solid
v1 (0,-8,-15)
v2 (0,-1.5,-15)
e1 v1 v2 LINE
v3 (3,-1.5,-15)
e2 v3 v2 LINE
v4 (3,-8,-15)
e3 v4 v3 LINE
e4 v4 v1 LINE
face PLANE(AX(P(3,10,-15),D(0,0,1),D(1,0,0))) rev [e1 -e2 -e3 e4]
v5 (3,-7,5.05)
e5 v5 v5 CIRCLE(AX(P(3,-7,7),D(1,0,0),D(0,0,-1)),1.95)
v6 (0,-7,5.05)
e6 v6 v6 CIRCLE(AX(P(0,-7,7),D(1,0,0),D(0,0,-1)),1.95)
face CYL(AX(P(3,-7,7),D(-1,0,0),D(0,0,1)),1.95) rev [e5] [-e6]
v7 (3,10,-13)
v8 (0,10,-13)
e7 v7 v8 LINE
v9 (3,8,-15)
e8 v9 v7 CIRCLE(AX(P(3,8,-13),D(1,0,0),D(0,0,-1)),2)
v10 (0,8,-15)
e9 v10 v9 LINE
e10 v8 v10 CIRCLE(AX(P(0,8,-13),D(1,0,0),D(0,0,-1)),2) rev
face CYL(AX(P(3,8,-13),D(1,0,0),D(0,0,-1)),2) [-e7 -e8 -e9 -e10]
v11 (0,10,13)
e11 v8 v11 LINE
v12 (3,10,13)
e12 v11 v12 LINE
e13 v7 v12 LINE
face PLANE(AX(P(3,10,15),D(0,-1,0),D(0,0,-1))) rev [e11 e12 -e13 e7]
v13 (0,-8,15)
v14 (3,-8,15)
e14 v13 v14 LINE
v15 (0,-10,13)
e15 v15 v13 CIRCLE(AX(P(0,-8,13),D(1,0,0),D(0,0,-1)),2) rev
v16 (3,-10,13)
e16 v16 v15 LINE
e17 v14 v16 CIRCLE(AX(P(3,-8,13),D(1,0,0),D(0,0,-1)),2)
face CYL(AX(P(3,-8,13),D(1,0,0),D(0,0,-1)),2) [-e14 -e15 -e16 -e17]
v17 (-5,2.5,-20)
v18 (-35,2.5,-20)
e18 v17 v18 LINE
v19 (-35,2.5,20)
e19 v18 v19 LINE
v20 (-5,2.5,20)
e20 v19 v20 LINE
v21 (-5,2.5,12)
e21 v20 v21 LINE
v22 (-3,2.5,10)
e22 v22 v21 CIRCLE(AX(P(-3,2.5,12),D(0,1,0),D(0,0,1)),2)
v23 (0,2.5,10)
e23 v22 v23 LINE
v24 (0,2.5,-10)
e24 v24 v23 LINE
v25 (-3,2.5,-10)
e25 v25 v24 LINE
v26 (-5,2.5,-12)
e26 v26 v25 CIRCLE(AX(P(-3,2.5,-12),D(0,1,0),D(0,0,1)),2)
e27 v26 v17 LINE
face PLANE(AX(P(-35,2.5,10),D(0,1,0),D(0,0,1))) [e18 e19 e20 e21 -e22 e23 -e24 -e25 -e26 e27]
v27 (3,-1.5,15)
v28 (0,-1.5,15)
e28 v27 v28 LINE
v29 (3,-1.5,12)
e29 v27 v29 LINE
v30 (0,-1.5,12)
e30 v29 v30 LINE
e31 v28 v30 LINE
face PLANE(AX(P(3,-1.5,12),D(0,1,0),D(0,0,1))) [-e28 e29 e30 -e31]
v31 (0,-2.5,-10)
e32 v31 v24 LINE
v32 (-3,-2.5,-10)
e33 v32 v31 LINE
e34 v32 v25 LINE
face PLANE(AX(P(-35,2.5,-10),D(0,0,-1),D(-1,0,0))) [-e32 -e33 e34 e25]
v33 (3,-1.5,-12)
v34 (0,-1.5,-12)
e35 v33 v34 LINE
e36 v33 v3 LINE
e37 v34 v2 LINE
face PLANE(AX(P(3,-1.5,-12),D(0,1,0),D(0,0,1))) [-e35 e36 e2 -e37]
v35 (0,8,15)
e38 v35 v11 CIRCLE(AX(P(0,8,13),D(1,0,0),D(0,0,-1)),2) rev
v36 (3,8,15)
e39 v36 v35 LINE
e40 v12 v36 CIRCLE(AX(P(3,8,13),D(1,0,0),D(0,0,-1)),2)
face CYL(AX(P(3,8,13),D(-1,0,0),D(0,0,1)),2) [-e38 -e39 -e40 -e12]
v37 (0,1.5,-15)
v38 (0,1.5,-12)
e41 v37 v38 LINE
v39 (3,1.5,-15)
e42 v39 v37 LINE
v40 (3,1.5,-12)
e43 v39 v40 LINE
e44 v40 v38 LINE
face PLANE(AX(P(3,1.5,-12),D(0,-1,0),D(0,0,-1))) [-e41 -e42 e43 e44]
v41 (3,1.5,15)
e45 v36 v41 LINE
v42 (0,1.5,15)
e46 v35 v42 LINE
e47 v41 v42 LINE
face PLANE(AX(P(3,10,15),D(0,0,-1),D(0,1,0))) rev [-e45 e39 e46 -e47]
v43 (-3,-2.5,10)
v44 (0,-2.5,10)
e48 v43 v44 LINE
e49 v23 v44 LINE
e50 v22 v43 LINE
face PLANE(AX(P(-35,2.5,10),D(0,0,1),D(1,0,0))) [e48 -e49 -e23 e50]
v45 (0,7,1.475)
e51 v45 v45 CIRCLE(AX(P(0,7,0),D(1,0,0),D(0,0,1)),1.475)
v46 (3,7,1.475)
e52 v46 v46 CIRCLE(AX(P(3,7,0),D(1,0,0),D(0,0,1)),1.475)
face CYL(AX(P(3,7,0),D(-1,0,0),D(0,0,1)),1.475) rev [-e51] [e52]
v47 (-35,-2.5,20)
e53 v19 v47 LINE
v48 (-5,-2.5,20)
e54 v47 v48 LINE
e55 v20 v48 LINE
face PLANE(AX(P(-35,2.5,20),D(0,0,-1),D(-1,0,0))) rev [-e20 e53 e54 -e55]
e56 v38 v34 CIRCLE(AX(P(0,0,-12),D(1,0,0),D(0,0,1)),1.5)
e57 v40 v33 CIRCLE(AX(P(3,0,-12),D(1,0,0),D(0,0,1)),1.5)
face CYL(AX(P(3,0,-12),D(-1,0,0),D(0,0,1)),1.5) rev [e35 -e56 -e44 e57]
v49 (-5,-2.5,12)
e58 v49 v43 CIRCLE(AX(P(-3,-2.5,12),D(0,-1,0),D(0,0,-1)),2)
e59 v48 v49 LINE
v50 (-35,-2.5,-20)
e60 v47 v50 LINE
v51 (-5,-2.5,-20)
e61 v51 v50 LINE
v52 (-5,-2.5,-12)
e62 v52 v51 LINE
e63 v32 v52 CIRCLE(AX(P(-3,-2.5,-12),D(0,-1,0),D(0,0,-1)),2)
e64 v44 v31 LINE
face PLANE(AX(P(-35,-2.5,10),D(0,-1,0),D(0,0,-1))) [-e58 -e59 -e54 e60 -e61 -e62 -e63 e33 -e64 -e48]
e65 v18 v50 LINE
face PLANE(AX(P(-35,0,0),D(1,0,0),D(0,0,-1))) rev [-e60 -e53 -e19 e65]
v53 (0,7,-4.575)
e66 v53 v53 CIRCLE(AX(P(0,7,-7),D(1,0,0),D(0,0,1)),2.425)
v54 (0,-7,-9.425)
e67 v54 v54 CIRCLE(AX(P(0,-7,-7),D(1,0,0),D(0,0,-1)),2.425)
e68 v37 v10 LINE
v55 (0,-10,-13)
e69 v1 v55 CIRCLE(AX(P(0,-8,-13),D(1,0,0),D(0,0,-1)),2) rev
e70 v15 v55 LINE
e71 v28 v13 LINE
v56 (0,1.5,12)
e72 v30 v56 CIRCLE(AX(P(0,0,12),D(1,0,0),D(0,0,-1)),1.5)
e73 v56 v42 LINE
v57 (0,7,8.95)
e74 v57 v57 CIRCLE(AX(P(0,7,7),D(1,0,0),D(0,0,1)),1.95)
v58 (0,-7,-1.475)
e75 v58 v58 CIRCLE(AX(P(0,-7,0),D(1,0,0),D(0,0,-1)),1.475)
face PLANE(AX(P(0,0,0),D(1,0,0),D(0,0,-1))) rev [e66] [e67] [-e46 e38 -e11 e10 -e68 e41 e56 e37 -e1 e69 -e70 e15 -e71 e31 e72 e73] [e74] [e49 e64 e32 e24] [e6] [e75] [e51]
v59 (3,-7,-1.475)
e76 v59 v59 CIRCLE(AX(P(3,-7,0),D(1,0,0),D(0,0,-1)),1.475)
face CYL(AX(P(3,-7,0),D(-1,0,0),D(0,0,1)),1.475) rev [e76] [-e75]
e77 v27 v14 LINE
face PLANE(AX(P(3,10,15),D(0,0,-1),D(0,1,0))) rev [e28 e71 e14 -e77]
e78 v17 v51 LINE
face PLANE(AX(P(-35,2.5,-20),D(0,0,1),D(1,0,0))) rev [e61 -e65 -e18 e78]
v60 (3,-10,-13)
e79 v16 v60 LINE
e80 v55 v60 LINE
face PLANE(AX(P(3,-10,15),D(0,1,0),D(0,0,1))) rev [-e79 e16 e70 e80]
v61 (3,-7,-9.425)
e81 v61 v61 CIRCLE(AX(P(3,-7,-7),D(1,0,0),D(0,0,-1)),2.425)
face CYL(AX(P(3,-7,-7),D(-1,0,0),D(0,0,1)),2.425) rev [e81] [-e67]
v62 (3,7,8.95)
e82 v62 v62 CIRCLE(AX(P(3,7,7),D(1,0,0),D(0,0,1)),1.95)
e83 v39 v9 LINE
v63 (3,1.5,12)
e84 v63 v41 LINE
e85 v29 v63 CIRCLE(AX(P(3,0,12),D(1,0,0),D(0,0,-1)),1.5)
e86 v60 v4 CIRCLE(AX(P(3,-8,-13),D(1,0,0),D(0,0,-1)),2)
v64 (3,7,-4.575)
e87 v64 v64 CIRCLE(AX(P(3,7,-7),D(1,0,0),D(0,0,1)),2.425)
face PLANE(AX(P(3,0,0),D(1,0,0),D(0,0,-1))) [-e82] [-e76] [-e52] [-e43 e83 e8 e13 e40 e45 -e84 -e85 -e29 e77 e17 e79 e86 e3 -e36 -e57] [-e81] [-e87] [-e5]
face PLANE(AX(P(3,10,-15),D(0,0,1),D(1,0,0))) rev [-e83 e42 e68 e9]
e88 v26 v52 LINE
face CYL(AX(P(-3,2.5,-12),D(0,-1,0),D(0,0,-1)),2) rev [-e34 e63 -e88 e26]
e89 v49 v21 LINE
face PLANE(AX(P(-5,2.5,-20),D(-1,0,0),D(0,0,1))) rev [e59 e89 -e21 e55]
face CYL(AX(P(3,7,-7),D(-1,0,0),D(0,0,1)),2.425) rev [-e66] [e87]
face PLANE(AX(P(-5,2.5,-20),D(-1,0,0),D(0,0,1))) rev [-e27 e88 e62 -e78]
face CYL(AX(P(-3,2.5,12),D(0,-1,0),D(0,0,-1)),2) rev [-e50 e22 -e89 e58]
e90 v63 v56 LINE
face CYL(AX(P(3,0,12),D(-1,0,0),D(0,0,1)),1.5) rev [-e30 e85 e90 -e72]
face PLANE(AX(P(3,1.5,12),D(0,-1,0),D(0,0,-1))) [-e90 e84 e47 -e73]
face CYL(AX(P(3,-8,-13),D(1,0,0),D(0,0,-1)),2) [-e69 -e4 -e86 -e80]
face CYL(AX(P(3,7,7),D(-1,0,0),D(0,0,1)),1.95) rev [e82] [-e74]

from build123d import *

# Parameters (mm, degrees)
SKETCH_1_W          = 20
SKETCH_1_H          = 5
EXTRUDE_1_DEPTH     = 35
SKETCH_2_W          = 30
SKETCH_2_H          = 20
EXTRUDE_2_DEPTH     = 3
FILLET_1_R          = 2
FILLET_2_R          = 2
FILLET_3_R          = 2
FILLET_4_R          = 2
SKETCH_4_W          = 30
SKETCH_4_H          = 40
EXTRUDE_3_DEPTH     = 2.5
FILLET_5_R          = 2
FILLET_6_R          = 2
CUT_EXTRUDE_2_DEPTH = 3
SKETCH_6_R          = 1.475
SKETCH_6_R_2        = 1.95
SKETCH_6_R_3        = 2.425
CUT_EXTRUDE_3_DEPTH = 3


with BuildPart() as part:
    # 草图1 → 凸台-拉伸1 (new body)
    with BuildSketch(Plane(origin=(0, 0, 0), x_dir=(0, 0, -1), z_dir=(1, 0, 0))):
        Rectangle(SKETCH_1_W, SKETCH_1_H)
    extrude(amount=-EXTRUDE_1_DEPTH)

    # 草图2 → 凸台-拉伸2 (add)
    with BuildSketch(Plane(origin=(0, 0, 0), x_dir=(0, 0, -1), z_dir=(1, 0, 0))):
        Rectangle(SKETCH_2_W, SKETCH_2_H)
    extrude(amount=EXTRUDE_2_DEPTH)

    # 圆角1
    fillet_1_edges = [part.edges().sort_by_distance(p)[0] for p in [
        (1.5, 10, -15),
    ]]
    fillet(fillet_1_edges, radius=FILLET_1_R)

    # 圆角2
    fillet_2_edges = [part.edges().sort_by_distance(p)[0] for p in [
        (1.5, 10, 15),
    ]]
    fillet(fillet_2_edges, radius=FILLET_2_R)

    # 圆角3
    fillet_3_edges = [part.edges().sort_by_distance(p)[0] for p in [
        (1.5, -10, -15),
    ]]
    fillet(fillet_3_edges, radius=FILLET_3_R)

    # 圆角4
    fillet_4_edges = [part.edges().sort_by_distance(p)[0] for p in [
        (1.5, -10, 15),
    ]]
    fillet(fillet_4_edges, radius=FILLET_4_R)

    # 草图4 → 凸台-拉伸3 (add, symmetric)
    with BuildSketch(Plane(origin=(0, 0, 0), x_dir=(1, 0, 0), z_dir=(0, 1, 0))):
        with Locations((-20, 0)):
            Rectangle(SKETCH_4_W, SKETCH_4_H)
    extrude(amount=EXTRUDE_3_DEPTH, both=True)

    # 圆角5
    fillet_5_edges = [part.edges().sort_by_distance(p)[0] for p in [
        (-5, 0, -10),
    ]]
    fillet(fillet_5_edges, radius=FILLET_5_R)

    # 圆角6
    fillet_6_edges = [part.edges().sort_by_distance(p)[0] for p in [
        (-5, 0, 10),
    ]]
    fillet(fillet_6_edges, radius=FILLET_6_R)

    # 草图5 → 切除-拉伸2 (cut)
    with BuildSketch(Plane(origin=(0, 0, 0), x_dir=(0, 0, -1), z_dir=(1, 0, 0))):
        with BuildLine():
            Line((-12, -1.5), (-15, -1.5))
            Line((-15, -1.5), (-15, 1.5))
            Line((-15, 1.5), (-12, 1.5))
            ThreePointArc((-12, 1.5), (-10.5, 0), (-12, -1.5))
        make_face()
        with BuildLine():
            Line((12, 1.5), (15, 1.5))
            Line((15, 1.5), (15, -1.5))
            Line((15, -1.5), (12, -1.5))
            ThreePointArc((12, -1.5), (10.5, 0), (12, 1.5))
        make_face()
    extrude(amount=CUT_EXTRUDE_2_DEPTH, mode=Mode.SUBTRACT)

    # 草图6 → 切除-拉伸3 (cut)
    with BuildSketch(Plane(origin=(0, 0, 0), x_dir=(0, 0, -1), z_dir=(1, 0, 0))):
        with Locations((0, -7)):
            Circle(SKETCH_6_R)
        with Locations((-7, -7)):
            Circle(SKETCH_6_R_2)
        with Locations((7, -7)):
            Circle(SKETCH_6_R_3)
        with Locations(Location((7, 7, 0), (0, 0, 180))):
            Circle(SKETCH_6_R_3)
        with Locations(Location((0, 7, 0), (0, 0, 180))):
            Circle(SKETCH_6_R)
        with Locations(Location((-7, 7, 0), (0, 0, 180))):
            Circle(SKETCH_6_R_2)
    extrude(amount=CUT_EXTRUDE_3_DEPTH, mode=Mode.SUBTRACT)


solid = part.part
